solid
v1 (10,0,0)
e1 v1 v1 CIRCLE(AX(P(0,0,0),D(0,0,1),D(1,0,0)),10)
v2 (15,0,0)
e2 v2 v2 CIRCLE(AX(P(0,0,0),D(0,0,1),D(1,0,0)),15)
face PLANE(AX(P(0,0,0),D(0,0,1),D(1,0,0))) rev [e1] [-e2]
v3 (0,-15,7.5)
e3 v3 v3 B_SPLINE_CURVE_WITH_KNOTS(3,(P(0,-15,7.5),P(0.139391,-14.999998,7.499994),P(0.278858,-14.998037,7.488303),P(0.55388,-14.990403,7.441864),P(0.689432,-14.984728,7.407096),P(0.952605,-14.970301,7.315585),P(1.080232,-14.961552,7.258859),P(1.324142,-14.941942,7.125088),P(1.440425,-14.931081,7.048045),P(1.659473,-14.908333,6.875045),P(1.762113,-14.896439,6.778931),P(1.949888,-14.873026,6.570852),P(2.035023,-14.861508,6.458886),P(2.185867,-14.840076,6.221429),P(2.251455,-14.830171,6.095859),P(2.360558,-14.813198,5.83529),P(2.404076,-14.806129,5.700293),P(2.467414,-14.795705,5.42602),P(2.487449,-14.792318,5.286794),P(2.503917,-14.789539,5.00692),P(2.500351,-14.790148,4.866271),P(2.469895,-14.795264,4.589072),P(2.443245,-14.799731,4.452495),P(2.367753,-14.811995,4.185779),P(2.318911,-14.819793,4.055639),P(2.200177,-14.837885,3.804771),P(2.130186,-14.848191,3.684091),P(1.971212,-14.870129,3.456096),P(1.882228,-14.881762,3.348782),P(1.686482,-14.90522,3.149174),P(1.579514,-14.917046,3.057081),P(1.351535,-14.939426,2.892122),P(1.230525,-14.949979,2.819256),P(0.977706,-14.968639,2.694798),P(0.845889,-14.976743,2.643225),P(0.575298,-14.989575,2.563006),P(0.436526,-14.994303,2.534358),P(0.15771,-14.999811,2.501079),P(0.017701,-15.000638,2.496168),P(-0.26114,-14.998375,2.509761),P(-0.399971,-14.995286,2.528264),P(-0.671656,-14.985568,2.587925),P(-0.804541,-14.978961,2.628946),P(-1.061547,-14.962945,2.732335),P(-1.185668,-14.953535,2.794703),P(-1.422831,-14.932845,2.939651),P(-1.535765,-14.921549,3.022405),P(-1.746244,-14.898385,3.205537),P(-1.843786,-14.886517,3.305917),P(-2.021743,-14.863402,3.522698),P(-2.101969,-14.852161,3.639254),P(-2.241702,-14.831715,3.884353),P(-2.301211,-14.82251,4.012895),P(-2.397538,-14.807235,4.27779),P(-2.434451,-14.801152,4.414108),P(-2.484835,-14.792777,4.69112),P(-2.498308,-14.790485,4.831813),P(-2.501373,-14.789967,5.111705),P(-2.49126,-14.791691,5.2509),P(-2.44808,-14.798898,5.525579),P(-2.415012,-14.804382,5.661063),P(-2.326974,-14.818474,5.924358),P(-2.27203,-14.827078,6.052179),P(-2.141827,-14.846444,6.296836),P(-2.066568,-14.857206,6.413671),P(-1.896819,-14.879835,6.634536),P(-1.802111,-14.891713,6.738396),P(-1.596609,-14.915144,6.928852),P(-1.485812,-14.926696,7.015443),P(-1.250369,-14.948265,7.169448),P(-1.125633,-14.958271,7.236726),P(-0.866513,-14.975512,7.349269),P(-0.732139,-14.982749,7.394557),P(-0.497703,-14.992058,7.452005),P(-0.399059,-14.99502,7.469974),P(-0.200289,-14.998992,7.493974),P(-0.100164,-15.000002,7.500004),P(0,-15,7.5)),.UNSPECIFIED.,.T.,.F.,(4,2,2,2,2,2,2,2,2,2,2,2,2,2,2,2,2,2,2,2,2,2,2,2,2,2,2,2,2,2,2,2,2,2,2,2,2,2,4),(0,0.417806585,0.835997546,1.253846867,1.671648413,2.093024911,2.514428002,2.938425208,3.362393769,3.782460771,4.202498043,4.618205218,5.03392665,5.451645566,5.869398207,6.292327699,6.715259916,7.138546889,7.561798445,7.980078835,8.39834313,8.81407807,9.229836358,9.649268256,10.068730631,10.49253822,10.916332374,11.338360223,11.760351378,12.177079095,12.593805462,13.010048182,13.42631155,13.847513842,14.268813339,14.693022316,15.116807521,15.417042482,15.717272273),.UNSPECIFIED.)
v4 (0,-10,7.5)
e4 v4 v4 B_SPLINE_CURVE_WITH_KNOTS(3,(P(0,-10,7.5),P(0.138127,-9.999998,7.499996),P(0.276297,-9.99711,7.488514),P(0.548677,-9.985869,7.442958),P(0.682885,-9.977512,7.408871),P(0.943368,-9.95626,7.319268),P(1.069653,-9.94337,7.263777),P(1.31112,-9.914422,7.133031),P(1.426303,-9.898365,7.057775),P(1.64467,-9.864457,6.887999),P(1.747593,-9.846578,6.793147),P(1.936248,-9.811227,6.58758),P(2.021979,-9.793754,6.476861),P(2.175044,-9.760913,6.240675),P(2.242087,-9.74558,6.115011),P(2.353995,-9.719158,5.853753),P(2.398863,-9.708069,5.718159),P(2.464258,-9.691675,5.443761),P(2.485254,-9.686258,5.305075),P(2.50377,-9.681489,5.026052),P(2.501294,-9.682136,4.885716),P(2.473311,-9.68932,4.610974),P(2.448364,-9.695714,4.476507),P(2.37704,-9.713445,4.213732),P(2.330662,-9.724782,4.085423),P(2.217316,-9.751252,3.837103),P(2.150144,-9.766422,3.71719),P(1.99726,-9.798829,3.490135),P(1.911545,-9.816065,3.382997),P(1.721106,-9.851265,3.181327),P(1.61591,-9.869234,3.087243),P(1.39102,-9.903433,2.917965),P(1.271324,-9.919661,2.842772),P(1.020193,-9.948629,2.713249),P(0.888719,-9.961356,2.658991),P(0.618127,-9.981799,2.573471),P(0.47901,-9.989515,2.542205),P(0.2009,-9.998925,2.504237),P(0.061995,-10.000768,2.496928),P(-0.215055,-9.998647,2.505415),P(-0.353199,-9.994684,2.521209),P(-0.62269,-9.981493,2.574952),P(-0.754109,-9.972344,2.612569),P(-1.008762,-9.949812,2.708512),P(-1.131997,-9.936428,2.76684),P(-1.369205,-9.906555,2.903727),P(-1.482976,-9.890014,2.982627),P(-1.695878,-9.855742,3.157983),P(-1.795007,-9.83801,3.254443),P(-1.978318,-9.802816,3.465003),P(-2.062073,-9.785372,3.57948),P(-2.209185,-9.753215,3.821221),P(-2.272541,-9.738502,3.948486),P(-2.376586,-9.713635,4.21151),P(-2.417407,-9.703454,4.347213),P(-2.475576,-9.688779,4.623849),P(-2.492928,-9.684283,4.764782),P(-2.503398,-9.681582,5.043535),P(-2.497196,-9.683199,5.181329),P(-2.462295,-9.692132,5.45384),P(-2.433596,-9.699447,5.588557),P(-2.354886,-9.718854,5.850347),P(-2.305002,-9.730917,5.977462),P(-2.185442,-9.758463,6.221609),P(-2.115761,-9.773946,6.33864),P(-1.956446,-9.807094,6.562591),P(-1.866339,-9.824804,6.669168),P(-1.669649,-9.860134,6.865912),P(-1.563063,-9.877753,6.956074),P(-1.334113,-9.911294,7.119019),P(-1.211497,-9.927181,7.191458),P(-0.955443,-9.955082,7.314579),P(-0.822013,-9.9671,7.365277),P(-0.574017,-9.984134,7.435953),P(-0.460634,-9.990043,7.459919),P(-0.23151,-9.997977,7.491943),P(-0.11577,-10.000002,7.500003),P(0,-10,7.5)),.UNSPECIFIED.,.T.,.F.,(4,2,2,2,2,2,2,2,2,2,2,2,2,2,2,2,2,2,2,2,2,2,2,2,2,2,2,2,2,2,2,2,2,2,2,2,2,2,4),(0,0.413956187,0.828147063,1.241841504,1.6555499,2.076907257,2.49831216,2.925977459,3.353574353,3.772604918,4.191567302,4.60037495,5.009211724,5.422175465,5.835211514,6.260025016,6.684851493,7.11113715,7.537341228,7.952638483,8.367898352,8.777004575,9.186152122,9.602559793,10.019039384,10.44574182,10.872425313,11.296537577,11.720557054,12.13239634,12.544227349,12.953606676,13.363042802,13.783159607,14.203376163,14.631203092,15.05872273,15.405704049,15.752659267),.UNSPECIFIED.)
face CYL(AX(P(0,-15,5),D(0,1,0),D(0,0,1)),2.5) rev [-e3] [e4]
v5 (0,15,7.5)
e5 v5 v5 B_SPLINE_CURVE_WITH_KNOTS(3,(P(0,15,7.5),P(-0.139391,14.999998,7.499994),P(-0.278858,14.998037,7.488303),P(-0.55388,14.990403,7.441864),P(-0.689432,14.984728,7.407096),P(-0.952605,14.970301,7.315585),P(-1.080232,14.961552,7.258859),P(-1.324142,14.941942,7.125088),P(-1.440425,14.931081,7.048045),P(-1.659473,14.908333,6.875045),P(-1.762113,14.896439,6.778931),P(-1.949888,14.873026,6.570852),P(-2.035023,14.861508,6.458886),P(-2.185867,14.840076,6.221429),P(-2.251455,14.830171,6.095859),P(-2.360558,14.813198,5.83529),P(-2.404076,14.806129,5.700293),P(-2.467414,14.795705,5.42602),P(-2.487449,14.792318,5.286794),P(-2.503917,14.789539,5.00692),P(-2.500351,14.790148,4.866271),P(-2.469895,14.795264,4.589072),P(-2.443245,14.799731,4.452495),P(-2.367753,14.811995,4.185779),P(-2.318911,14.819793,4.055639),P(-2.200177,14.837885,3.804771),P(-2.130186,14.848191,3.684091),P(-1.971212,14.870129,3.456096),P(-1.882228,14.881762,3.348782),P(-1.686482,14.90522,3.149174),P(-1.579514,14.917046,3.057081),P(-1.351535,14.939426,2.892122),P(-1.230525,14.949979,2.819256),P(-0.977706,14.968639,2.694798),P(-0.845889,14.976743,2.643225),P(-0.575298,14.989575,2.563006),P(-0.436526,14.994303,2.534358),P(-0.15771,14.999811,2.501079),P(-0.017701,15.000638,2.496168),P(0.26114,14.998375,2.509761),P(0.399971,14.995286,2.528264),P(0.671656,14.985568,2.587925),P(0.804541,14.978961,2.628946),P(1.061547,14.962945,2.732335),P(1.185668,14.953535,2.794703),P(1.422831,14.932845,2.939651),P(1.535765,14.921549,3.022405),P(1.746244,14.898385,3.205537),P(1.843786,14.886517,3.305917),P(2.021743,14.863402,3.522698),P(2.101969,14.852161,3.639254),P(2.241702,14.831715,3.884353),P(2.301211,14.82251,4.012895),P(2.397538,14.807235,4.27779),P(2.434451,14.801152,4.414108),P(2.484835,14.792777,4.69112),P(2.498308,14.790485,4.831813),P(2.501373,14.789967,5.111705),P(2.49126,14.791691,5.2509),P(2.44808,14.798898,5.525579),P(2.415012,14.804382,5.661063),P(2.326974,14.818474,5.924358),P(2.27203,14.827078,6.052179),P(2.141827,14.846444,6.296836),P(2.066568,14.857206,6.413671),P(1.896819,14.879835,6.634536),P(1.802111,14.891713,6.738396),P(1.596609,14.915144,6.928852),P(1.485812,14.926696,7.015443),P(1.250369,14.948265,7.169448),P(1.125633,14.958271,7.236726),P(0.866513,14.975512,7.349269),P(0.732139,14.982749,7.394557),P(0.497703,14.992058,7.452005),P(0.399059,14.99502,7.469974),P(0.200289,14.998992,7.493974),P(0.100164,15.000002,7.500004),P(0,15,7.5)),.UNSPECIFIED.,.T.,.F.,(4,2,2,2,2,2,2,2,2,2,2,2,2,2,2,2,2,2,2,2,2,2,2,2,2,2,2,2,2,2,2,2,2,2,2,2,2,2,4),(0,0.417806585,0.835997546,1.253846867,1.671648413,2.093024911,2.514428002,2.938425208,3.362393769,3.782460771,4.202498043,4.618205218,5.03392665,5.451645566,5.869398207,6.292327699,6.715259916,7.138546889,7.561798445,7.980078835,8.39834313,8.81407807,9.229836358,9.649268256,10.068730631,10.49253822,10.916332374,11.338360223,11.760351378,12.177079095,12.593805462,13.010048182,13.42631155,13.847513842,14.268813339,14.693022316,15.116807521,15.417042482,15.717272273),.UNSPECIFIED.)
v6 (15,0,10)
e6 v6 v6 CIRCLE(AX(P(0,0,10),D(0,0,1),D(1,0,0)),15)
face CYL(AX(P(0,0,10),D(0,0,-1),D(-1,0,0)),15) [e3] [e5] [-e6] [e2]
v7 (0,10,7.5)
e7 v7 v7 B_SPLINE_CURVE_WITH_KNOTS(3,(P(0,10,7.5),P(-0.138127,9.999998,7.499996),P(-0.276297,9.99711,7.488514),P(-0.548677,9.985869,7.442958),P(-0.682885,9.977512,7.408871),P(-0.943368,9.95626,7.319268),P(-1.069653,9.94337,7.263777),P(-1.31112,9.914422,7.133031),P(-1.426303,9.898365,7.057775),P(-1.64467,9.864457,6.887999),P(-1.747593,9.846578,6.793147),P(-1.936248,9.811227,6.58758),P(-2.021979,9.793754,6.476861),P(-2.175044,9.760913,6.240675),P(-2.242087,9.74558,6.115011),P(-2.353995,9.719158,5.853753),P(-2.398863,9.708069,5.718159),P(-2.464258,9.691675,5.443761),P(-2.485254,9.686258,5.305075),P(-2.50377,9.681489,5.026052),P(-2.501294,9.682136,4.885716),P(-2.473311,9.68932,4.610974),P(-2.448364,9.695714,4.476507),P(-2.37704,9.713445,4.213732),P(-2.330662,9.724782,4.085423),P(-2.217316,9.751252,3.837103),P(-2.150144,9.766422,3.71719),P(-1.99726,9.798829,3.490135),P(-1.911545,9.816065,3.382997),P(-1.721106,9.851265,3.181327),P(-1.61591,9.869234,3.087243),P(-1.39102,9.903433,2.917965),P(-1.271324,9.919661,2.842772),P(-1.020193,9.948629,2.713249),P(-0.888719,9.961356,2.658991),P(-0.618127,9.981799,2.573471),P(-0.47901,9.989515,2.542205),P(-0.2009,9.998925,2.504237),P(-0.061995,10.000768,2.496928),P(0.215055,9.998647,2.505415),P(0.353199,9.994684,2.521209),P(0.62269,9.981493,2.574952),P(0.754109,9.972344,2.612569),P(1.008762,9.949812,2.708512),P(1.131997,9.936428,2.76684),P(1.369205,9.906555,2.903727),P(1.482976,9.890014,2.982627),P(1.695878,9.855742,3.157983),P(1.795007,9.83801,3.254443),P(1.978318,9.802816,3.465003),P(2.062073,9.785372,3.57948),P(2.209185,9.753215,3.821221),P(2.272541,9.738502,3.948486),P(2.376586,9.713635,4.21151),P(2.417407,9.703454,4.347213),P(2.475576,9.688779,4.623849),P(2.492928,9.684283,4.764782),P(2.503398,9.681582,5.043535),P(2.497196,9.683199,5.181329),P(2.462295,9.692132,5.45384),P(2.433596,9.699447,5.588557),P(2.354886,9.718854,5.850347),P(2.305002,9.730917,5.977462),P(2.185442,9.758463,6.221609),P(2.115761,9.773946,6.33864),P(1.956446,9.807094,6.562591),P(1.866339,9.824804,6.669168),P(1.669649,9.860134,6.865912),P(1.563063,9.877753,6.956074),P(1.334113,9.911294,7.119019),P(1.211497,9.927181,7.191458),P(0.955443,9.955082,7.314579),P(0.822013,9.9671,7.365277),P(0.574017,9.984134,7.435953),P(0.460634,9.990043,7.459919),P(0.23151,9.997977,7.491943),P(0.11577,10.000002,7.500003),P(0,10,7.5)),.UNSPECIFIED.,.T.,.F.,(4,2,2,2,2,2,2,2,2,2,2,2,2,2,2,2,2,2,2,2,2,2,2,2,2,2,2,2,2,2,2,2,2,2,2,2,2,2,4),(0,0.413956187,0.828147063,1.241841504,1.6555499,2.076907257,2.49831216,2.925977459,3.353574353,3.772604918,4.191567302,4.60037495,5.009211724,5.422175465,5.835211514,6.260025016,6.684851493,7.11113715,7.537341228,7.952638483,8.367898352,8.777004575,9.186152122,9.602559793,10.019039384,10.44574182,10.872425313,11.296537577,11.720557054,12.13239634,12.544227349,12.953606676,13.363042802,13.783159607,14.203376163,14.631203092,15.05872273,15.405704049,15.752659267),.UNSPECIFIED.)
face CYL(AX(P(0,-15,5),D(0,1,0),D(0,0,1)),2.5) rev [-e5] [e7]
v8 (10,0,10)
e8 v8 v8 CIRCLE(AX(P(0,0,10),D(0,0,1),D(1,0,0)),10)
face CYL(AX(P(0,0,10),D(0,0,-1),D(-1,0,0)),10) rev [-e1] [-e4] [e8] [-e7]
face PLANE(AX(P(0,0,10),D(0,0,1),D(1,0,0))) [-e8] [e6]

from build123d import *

# Parameters (mm, degrees)
SKETCH1_R               = 15
SKETCH1_R_2             = 10
BOSS_EXTRUDE2_DEPTH     = 10
CUT_EXTRUDE1_DEPTH      = 24.452078799
CUT_EXTRUDE1_DEPTH_BACK = 24.452078799
SKETCH3_R               = 2.5


with BuildPart() as part:
    # Sketch1 → Boss-Extrude2 (new body)
    with BuildSketch(Plane.XY):
        Circle(SKETCH1_R)
        Circle(SKETCH1_R_2, mode=Mode.SUBTRACT)
    extrude(amount=BOSS_EXTRUDE2_DEPTH)

    # Sketch3 → Cut-Extrude1 (cut, two sides: drawn at the far end of the back side and taken through both)
    with BuildSketch(Plane(origin=(0, 0, 0), x_dir=(1, 0, 0), z_dir=(0, 1, 0)).offset(-CUT_EXTRUDE1_DEPTH_BACK)):
        with Locations(Location((0, -5, 0), (0, 0, 270))):
            Circle(SKETCH3_R)
    extrude(amount=CUT_EXTRUDE1_DEPTH + CUT_EXTRUDE1_DEPTH_BACK, mode=Mode.SUBTRACT)


solid = part.part
